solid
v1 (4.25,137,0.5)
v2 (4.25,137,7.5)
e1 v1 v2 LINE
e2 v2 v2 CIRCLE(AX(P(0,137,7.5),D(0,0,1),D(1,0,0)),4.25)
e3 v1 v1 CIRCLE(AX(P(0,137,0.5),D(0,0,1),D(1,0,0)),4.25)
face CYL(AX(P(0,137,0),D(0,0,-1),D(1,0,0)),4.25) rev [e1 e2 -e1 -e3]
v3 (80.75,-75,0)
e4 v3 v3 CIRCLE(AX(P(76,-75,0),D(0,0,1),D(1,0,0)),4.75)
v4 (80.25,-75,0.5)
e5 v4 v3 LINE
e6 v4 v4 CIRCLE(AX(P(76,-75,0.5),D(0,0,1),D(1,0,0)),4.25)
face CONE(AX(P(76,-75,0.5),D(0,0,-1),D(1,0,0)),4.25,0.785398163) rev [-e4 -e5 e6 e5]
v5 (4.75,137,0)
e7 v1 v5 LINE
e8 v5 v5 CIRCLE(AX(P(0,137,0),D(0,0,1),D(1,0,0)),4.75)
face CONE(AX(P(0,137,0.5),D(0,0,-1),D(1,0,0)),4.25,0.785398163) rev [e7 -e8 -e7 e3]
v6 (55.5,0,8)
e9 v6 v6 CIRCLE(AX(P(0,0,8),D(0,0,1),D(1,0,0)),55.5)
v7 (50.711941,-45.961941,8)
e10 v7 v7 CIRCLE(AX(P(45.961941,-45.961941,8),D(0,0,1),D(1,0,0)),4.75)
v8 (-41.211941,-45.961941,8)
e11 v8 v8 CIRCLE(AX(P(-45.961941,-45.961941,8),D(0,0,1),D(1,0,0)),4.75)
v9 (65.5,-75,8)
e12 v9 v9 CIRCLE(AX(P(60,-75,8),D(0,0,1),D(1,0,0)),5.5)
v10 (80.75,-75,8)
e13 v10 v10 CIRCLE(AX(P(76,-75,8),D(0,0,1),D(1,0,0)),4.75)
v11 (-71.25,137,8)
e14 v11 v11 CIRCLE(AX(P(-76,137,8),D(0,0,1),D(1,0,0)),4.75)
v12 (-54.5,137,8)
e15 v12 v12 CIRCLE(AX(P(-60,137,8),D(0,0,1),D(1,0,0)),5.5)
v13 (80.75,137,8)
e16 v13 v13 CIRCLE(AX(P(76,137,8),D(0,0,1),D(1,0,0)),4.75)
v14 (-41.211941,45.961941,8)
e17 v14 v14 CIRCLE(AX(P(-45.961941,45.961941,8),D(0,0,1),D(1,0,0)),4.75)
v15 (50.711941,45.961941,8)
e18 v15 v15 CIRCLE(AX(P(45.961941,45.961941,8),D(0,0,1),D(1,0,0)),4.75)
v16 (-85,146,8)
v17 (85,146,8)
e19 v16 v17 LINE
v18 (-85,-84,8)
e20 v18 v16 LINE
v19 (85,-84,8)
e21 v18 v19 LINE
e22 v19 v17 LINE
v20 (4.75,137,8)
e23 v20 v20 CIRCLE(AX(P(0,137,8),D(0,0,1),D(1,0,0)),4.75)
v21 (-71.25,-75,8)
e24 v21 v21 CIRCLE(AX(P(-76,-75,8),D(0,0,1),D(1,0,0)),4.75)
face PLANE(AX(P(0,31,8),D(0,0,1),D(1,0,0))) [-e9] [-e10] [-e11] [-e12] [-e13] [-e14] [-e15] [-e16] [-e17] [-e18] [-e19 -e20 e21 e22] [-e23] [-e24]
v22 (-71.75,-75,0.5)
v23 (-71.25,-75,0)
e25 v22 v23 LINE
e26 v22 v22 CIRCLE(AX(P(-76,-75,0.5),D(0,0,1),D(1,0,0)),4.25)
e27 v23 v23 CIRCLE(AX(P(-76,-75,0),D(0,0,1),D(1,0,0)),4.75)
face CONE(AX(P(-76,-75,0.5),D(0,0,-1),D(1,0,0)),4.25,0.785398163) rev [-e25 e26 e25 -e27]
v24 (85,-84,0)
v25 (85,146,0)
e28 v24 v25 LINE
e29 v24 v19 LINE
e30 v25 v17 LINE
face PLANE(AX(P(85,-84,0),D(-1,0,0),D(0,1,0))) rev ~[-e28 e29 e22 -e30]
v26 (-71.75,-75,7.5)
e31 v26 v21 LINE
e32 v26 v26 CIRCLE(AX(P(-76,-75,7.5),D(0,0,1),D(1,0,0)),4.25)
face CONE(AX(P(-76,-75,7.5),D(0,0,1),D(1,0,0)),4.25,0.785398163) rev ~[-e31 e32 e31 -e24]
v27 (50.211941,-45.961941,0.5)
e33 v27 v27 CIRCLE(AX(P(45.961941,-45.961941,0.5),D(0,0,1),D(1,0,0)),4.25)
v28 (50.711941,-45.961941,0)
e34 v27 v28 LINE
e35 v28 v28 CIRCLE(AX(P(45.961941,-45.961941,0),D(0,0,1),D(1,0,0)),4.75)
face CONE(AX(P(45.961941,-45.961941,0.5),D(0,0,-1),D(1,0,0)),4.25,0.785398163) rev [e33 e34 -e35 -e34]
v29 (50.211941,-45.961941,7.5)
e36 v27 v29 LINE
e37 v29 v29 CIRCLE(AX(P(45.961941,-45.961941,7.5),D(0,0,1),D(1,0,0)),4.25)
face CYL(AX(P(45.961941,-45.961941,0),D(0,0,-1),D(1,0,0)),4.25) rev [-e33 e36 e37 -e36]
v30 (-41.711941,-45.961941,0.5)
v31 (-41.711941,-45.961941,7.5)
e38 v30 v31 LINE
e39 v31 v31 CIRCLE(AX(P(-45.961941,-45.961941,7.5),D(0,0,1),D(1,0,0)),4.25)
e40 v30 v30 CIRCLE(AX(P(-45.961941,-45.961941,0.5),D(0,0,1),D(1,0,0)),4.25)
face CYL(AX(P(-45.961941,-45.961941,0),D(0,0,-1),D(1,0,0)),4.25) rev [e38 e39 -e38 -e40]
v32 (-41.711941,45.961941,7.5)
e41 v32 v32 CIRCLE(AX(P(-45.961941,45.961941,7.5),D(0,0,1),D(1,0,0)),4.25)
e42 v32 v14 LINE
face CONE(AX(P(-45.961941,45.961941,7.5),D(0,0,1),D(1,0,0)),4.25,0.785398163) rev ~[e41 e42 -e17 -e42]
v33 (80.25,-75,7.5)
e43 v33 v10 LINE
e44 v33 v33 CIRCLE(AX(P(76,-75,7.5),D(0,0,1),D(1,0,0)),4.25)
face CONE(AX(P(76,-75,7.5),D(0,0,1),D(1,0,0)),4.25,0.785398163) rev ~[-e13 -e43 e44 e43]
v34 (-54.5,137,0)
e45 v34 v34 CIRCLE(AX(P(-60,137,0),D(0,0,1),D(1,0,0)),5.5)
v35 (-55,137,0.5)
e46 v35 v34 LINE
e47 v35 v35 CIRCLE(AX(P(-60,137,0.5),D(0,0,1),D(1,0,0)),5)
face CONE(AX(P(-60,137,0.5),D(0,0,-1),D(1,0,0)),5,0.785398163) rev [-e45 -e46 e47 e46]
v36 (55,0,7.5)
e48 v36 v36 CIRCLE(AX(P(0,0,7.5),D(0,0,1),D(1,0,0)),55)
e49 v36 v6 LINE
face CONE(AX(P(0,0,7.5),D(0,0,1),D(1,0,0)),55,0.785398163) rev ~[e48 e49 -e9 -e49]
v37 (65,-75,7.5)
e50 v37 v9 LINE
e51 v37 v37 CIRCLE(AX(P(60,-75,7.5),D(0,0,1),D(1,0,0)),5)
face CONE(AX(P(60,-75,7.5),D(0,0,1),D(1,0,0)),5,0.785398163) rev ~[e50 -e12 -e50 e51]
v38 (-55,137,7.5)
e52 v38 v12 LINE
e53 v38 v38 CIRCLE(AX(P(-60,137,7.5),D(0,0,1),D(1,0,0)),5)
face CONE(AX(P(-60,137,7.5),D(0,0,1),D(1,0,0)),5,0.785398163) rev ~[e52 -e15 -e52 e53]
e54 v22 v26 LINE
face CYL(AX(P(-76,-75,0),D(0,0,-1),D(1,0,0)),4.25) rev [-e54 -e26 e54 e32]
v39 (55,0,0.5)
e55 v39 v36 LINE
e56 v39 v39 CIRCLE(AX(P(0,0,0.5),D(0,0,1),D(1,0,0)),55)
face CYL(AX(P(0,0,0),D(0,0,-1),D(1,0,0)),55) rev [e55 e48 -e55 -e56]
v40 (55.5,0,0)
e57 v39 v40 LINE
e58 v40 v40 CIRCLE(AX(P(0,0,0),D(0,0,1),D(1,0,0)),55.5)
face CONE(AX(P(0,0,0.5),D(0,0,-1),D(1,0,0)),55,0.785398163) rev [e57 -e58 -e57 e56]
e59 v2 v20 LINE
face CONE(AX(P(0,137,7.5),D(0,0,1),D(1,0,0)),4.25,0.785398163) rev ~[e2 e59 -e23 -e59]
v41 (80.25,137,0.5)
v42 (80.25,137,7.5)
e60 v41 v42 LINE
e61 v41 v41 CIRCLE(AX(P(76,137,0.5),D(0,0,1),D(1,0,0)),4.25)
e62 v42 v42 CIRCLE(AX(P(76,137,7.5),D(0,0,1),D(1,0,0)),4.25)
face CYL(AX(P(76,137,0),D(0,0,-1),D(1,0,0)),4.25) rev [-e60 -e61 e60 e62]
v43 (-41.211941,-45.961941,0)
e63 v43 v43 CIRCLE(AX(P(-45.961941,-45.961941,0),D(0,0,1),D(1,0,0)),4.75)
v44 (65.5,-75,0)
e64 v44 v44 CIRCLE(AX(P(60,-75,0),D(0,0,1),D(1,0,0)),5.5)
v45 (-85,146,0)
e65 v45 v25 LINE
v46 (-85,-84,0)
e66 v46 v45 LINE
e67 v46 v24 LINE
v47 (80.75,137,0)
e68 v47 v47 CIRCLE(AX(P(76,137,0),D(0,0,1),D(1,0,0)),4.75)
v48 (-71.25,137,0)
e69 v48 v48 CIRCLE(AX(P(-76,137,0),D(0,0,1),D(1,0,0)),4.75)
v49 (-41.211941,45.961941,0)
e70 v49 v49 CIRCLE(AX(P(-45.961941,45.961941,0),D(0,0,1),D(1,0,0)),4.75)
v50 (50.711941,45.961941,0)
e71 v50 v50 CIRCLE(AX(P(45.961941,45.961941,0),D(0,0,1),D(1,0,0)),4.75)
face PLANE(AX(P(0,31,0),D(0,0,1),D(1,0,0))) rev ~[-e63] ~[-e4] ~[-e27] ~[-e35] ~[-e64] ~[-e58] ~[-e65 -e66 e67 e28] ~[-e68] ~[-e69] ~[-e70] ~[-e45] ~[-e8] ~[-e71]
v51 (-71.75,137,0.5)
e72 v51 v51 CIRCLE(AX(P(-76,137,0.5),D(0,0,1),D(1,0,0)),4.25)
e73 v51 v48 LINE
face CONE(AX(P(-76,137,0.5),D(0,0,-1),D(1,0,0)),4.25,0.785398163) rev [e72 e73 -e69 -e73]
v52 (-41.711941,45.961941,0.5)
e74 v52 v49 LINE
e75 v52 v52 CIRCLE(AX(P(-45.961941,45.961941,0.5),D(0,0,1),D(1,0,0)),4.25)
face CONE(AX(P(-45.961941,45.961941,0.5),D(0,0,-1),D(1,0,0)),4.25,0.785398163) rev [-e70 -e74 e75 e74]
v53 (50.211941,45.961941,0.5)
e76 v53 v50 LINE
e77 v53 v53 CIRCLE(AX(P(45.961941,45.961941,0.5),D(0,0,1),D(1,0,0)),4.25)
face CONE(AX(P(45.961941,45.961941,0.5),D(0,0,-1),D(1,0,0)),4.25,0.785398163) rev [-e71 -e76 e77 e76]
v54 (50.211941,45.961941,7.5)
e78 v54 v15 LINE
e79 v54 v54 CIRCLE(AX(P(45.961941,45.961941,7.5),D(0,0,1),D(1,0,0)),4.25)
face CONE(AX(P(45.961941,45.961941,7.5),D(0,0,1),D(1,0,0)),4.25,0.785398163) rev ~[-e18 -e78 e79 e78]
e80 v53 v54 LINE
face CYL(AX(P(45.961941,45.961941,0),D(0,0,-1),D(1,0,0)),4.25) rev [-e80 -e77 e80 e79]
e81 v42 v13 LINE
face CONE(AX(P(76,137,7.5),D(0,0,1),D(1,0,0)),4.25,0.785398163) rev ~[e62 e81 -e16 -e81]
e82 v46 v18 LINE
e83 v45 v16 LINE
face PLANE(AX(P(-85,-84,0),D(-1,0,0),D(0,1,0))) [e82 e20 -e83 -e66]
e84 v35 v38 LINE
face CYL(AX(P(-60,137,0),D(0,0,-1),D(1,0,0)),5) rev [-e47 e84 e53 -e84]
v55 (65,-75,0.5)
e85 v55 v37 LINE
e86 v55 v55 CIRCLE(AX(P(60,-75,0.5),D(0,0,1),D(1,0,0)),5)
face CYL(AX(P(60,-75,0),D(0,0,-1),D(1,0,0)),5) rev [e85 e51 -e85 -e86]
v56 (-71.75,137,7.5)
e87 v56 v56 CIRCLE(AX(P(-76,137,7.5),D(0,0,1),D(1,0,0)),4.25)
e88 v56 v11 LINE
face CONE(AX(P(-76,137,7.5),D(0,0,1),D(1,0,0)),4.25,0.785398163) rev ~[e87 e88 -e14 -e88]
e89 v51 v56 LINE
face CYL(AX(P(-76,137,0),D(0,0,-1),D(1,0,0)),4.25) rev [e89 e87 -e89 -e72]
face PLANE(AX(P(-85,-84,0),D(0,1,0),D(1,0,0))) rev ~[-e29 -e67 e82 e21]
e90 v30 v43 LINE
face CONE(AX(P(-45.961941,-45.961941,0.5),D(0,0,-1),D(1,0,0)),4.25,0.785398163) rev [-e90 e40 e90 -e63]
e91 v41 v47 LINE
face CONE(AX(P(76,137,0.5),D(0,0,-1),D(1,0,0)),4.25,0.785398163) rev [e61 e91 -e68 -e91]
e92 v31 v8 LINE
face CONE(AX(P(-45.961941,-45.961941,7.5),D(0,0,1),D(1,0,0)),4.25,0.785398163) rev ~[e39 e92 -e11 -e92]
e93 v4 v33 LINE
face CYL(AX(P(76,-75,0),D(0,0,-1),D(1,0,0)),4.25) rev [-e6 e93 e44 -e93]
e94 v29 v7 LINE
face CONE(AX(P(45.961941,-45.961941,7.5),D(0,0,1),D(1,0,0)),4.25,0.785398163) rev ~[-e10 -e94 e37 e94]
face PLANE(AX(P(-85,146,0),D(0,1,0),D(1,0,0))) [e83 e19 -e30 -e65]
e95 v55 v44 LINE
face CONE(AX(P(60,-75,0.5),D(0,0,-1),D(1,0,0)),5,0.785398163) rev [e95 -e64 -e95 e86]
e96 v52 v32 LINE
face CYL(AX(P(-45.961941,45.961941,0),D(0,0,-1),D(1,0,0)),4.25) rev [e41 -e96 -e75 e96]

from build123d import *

# Parameters (mm, degrees)
F0_W     = 170
F0_H     = 230
F0_R     = 4.25
F0_R_2   = 5
F0_R_3   = 55
F1_DEPTH = 8
F2_SIZE  = 0.5


with BuildPart() as f1:
    # F0 (on Top) → F1 (new body)
    with BuildSketch(Plane.XY):
        with Locations((0, 31)):
            Rectangle(F0_W, F0_H)
        with Locations((-76, -75)):
            Circle(F0_R, mode=Mode.SUBTRACT)
        with Locations((-45.961941, -45.961941)):
            Circle(F0_R, mode=Mode.SUBTRACT)
        with Locations((60, -75)):
            Circle(F0_R_2, mode=Mode.SUBTRACT)
        with Locations((76, -75)):
            Circle(F0_R, mode=Mode.SUBTRACT)
        with Locations((45.961941, -45.961941)):
            Circle(F0_R, mode=Mode.SUBTRACT)
        Circle(F0_R_3, mode=Mode.SUBTRACT)
        with Locations((-45.961941, 45.961941)):
            Circle(F0_R, mode=Mode.SUBTRACT)
        with Locations((-76, 137)):
            Circle(F0_R, mode=Mode.SUBTRACT)
        with Locations((-60, 137)):
            Circle(F0_R_2, mode=Mode.SUBTRACT)
        with Locations((45.961941, 45.961941)):
            Circle(F0_R, mode=Mode.SUBTRACT)
        with Locations((0, 137)):
            Circle(F0_R, mode=Mode.SUBTRACT)
        with Locations((76, 137)):
            Circle(F0_R, mode=Mode.SUBTRACT)
    extrude(amount=F1_DEPTH)

    # F2
    f2_edges = [f1.edges().sort_by_distance(p)[0] for p in [
        (-71.75, -75, 4),
        (-80.25, -75, 0),
        (-80.25, -75, 8),
        (-41.711941, -45.961941, 4),
        (-50.211941, -45.961941, 0),
        (-50.211941, -45.961941, 8),
        (65, -75, 4),
        (55, -75, 0),
        (55, -75, 8),
        (50.211941, -45.961941, 4),
        (41.711941, -45.961941, 0),
        (41.711941, -45.961941, 8),
        (50.211941, 45.961941, 4),
        (41.711941, 45.961941, 0),
        (41.711941, 45.961941, 8),
        (-41.711941, 45.961941, 4),
        (-50.211941, 45.961941, 0),
        (-50.211941, 45.961941, 8),
        (55, 0, 4),
        (-55, 0, 0),
        (-55, 0, 8),
        (80.25, -75, 4),
        (71.75, -75, 0),
        (71.75, -75, 8),
        (80.25, 137, 4),
        (71.75, 137, 0),
        (71.75, 137, 8),
        (-55, 137, 4),
        (-65, 137, 0),
        (-65, 137, 8),
        (-71.75, 137, 4),
        (-80.25, 137, 0),
        (-80.25, 137, 8),
        (4.25, 137, 4),
        (-4.25, 137, 0),
        (-4.25, 137, 8),
    ]]
    chamfer(f2_edges, length=F2_SIZE)


solid = f1.part
